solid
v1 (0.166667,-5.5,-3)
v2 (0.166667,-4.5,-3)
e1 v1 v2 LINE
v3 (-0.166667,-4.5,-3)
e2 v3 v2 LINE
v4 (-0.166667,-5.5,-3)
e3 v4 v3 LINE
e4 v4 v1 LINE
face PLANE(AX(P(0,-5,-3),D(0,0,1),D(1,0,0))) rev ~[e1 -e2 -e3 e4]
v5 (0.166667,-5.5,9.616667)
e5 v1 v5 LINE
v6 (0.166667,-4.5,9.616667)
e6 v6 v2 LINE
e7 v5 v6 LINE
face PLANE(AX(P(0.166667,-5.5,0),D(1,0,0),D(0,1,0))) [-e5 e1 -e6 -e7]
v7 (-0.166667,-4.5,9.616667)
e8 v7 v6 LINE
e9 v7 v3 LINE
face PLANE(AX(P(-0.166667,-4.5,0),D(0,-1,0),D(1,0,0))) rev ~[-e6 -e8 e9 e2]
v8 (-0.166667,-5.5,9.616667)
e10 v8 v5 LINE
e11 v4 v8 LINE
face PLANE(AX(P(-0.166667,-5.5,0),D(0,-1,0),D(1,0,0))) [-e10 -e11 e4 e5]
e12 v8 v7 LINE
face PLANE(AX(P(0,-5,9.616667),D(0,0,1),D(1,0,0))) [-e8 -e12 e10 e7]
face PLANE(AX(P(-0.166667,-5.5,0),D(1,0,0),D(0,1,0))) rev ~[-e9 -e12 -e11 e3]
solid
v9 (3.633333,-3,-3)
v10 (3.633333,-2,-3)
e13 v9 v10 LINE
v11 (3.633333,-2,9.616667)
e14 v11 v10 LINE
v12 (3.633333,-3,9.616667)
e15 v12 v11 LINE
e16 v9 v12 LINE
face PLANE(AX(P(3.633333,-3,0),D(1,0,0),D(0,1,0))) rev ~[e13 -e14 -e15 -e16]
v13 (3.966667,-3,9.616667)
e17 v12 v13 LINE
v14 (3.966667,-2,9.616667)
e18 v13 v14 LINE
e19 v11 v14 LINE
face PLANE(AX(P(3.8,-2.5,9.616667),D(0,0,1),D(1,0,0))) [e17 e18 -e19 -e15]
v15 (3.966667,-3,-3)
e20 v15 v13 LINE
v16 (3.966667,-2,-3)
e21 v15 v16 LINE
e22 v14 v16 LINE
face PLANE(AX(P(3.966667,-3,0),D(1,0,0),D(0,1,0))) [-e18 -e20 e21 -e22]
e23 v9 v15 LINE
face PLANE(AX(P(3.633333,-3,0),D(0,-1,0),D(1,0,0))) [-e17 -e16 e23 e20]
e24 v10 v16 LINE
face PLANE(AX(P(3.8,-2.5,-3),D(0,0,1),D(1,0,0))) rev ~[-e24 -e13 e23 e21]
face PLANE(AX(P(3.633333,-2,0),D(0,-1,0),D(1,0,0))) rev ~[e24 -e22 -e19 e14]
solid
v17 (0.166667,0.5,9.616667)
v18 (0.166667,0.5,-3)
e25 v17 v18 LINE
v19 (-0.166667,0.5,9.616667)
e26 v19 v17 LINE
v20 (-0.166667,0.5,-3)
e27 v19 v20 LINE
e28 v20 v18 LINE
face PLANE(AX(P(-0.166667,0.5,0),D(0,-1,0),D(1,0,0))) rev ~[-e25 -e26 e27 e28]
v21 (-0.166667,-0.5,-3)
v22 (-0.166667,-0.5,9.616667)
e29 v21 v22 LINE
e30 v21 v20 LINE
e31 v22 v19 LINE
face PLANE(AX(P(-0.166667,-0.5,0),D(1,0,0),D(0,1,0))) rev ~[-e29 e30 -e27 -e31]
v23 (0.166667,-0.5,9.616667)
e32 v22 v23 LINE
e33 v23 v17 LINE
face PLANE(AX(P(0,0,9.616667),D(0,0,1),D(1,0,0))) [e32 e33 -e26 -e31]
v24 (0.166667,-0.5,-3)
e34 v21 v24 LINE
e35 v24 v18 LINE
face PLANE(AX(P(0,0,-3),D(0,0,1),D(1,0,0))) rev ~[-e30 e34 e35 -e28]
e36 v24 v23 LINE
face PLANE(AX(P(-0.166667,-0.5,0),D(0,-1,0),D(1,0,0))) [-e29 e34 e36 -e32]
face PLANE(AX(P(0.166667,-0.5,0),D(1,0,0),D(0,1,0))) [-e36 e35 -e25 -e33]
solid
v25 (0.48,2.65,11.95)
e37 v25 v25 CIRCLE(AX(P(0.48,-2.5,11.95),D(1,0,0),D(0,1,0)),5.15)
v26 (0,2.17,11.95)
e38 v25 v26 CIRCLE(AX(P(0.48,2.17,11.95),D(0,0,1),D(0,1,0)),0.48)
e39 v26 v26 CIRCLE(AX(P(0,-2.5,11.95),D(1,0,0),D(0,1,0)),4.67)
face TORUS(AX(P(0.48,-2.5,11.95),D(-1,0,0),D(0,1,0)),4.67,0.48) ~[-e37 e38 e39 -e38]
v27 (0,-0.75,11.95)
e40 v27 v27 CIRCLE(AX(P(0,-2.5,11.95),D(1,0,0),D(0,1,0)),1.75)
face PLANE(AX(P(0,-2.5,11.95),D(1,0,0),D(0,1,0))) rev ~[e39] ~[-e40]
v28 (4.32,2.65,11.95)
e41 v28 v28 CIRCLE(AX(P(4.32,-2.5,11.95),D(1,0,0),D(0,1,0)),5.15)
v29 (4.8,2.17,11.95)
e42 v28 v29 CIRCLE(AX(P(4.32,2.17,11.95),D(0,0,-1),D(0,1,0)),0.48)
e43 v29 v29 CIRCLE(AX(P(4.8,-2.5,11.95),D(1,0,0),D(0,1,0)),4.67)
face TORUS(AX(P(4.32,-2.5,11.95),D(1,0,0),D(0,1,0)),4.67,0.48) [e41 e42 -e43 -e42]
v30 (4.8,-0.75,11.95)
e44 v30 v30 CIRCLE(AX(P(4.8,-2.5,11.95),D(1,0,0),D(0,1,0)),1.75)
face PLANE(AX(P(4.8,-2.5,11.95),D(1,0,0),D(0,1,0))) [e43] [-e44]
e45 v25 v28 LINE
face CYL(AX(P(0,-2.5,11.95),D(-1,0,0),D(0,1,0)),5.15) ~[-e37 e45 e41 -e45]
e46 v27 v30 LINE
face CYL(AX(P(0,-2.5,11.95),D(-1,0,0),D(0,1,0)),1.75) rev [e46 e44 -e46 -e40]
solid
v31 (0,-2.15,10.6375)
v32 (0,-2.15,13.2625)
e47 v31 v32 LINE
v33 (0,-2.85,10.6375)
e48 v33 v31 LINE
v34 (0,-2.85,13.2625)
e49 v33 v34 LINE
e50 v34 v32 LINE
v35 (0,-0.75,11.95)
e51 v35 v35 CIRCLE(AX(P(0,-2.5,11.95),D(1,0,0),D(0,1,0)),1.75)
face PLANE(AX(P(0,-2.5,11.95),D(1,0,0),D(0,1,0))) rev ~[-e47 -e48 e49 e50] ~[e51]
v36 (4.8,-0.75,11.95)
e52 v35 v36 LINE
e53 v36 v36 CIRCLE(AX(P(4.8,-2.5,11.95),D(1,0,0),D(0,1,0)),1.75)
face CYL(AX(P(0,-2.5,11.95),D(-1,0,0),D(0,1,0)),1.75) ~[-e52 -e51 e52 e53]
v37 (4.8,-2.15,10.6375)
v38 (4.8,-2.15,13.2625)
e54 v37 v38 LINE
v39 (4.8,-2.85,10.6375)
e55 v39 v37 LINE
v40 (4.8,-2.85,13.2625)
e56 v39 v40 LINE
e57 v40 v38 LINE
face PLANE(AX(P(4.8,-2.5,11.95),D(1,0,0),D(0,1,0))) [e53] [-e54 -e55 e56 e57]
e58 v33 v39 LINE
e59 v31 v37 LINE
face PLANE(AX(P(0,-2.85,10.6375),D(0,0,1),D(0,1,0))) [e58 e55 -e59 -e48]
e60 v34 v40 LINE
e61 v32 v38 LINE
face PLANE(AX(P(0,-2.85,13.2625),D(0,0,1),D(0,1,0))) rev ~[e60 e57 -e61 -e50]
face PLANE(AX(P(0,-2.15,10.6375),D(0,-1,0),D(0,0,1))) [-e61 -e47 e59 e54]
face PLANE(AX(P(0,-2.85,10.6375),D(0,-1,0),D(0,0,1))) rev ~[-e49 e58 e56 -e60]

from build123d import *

# Parameters (mm, degrees)
SKETCH001_R       = 1.75
SKETCH001_W       = 0.7
SKETCH001_H       = 2.625
PAD001_DEPTH      = 4.8
SKETCH_R          = 5.15
SKETCH_R_2        = 1.75
PAD_DEPTH         = 4.8
FILLET_R          = 0.48
SKETCH003_W       = 0.333334
SKETCH003_H       = 1
PAD002_DEPTH      = 9.616667
PAD002_DEPTH_BACK = 3


with BuildPart() as pad001:
    # Sketch001 → Pad001 (new body)
    with BuildSketch(Plane.YZ):
        with Locations((-2.5, 11.95)):
            Circle(SKETCH001_R)
        with Locations((-2.5, 11.95)):
            Rectangle(SKETCH001_W, SKETCH001_H, mode=Mode.SUBTRACT)
    extrude(amount=PAD001_DEPTH)


with BuildPart() as fillet_body:
    # Sketch → Pad (new body)
    with BuildSketch(Plane.YZ):
        with Locations((-2.5, 11.95)):
            Circle(SKETCH_R)
        with Locations((-2.5, 11.95)):
            Circle(SKETCH_R_2, mode=Mode.SUBTRACT)
    extrude(amount=PAD_DEPTH)

    # Fillet
    fillet_edges = [fillet_body.edges().sort_by_distance(p)[0] for p in [
        (0, -7.65, 11.95),
        (4.8, -7.65, 11.95),
    ]]
    fillet(fillet_edges, radius=FILLET_R)


with BuildPart() as pad002:
    # Sketch003 → Pad002 (new body, two sides)
    with BuildSketch(Plane.XY) as pad002_sk:
        Rectangle(SKETCH003_W, SKETCH003_H)
        with Locations((3.8, -2.5)):
            Rectangle(SKETCH003_W, SKETCH003_H)
        with Locations((0, -5)):
            Rectangle(SKETCH003_W, SKETCH003_H)
    extrude(amount=PAD002_DEPTH)
    extrude(pad002_sk.sketch, amount=-PAD002_DEPTH_BACK)


solid = Compound([pad001.part, fillet_body.part, pad002.part])
